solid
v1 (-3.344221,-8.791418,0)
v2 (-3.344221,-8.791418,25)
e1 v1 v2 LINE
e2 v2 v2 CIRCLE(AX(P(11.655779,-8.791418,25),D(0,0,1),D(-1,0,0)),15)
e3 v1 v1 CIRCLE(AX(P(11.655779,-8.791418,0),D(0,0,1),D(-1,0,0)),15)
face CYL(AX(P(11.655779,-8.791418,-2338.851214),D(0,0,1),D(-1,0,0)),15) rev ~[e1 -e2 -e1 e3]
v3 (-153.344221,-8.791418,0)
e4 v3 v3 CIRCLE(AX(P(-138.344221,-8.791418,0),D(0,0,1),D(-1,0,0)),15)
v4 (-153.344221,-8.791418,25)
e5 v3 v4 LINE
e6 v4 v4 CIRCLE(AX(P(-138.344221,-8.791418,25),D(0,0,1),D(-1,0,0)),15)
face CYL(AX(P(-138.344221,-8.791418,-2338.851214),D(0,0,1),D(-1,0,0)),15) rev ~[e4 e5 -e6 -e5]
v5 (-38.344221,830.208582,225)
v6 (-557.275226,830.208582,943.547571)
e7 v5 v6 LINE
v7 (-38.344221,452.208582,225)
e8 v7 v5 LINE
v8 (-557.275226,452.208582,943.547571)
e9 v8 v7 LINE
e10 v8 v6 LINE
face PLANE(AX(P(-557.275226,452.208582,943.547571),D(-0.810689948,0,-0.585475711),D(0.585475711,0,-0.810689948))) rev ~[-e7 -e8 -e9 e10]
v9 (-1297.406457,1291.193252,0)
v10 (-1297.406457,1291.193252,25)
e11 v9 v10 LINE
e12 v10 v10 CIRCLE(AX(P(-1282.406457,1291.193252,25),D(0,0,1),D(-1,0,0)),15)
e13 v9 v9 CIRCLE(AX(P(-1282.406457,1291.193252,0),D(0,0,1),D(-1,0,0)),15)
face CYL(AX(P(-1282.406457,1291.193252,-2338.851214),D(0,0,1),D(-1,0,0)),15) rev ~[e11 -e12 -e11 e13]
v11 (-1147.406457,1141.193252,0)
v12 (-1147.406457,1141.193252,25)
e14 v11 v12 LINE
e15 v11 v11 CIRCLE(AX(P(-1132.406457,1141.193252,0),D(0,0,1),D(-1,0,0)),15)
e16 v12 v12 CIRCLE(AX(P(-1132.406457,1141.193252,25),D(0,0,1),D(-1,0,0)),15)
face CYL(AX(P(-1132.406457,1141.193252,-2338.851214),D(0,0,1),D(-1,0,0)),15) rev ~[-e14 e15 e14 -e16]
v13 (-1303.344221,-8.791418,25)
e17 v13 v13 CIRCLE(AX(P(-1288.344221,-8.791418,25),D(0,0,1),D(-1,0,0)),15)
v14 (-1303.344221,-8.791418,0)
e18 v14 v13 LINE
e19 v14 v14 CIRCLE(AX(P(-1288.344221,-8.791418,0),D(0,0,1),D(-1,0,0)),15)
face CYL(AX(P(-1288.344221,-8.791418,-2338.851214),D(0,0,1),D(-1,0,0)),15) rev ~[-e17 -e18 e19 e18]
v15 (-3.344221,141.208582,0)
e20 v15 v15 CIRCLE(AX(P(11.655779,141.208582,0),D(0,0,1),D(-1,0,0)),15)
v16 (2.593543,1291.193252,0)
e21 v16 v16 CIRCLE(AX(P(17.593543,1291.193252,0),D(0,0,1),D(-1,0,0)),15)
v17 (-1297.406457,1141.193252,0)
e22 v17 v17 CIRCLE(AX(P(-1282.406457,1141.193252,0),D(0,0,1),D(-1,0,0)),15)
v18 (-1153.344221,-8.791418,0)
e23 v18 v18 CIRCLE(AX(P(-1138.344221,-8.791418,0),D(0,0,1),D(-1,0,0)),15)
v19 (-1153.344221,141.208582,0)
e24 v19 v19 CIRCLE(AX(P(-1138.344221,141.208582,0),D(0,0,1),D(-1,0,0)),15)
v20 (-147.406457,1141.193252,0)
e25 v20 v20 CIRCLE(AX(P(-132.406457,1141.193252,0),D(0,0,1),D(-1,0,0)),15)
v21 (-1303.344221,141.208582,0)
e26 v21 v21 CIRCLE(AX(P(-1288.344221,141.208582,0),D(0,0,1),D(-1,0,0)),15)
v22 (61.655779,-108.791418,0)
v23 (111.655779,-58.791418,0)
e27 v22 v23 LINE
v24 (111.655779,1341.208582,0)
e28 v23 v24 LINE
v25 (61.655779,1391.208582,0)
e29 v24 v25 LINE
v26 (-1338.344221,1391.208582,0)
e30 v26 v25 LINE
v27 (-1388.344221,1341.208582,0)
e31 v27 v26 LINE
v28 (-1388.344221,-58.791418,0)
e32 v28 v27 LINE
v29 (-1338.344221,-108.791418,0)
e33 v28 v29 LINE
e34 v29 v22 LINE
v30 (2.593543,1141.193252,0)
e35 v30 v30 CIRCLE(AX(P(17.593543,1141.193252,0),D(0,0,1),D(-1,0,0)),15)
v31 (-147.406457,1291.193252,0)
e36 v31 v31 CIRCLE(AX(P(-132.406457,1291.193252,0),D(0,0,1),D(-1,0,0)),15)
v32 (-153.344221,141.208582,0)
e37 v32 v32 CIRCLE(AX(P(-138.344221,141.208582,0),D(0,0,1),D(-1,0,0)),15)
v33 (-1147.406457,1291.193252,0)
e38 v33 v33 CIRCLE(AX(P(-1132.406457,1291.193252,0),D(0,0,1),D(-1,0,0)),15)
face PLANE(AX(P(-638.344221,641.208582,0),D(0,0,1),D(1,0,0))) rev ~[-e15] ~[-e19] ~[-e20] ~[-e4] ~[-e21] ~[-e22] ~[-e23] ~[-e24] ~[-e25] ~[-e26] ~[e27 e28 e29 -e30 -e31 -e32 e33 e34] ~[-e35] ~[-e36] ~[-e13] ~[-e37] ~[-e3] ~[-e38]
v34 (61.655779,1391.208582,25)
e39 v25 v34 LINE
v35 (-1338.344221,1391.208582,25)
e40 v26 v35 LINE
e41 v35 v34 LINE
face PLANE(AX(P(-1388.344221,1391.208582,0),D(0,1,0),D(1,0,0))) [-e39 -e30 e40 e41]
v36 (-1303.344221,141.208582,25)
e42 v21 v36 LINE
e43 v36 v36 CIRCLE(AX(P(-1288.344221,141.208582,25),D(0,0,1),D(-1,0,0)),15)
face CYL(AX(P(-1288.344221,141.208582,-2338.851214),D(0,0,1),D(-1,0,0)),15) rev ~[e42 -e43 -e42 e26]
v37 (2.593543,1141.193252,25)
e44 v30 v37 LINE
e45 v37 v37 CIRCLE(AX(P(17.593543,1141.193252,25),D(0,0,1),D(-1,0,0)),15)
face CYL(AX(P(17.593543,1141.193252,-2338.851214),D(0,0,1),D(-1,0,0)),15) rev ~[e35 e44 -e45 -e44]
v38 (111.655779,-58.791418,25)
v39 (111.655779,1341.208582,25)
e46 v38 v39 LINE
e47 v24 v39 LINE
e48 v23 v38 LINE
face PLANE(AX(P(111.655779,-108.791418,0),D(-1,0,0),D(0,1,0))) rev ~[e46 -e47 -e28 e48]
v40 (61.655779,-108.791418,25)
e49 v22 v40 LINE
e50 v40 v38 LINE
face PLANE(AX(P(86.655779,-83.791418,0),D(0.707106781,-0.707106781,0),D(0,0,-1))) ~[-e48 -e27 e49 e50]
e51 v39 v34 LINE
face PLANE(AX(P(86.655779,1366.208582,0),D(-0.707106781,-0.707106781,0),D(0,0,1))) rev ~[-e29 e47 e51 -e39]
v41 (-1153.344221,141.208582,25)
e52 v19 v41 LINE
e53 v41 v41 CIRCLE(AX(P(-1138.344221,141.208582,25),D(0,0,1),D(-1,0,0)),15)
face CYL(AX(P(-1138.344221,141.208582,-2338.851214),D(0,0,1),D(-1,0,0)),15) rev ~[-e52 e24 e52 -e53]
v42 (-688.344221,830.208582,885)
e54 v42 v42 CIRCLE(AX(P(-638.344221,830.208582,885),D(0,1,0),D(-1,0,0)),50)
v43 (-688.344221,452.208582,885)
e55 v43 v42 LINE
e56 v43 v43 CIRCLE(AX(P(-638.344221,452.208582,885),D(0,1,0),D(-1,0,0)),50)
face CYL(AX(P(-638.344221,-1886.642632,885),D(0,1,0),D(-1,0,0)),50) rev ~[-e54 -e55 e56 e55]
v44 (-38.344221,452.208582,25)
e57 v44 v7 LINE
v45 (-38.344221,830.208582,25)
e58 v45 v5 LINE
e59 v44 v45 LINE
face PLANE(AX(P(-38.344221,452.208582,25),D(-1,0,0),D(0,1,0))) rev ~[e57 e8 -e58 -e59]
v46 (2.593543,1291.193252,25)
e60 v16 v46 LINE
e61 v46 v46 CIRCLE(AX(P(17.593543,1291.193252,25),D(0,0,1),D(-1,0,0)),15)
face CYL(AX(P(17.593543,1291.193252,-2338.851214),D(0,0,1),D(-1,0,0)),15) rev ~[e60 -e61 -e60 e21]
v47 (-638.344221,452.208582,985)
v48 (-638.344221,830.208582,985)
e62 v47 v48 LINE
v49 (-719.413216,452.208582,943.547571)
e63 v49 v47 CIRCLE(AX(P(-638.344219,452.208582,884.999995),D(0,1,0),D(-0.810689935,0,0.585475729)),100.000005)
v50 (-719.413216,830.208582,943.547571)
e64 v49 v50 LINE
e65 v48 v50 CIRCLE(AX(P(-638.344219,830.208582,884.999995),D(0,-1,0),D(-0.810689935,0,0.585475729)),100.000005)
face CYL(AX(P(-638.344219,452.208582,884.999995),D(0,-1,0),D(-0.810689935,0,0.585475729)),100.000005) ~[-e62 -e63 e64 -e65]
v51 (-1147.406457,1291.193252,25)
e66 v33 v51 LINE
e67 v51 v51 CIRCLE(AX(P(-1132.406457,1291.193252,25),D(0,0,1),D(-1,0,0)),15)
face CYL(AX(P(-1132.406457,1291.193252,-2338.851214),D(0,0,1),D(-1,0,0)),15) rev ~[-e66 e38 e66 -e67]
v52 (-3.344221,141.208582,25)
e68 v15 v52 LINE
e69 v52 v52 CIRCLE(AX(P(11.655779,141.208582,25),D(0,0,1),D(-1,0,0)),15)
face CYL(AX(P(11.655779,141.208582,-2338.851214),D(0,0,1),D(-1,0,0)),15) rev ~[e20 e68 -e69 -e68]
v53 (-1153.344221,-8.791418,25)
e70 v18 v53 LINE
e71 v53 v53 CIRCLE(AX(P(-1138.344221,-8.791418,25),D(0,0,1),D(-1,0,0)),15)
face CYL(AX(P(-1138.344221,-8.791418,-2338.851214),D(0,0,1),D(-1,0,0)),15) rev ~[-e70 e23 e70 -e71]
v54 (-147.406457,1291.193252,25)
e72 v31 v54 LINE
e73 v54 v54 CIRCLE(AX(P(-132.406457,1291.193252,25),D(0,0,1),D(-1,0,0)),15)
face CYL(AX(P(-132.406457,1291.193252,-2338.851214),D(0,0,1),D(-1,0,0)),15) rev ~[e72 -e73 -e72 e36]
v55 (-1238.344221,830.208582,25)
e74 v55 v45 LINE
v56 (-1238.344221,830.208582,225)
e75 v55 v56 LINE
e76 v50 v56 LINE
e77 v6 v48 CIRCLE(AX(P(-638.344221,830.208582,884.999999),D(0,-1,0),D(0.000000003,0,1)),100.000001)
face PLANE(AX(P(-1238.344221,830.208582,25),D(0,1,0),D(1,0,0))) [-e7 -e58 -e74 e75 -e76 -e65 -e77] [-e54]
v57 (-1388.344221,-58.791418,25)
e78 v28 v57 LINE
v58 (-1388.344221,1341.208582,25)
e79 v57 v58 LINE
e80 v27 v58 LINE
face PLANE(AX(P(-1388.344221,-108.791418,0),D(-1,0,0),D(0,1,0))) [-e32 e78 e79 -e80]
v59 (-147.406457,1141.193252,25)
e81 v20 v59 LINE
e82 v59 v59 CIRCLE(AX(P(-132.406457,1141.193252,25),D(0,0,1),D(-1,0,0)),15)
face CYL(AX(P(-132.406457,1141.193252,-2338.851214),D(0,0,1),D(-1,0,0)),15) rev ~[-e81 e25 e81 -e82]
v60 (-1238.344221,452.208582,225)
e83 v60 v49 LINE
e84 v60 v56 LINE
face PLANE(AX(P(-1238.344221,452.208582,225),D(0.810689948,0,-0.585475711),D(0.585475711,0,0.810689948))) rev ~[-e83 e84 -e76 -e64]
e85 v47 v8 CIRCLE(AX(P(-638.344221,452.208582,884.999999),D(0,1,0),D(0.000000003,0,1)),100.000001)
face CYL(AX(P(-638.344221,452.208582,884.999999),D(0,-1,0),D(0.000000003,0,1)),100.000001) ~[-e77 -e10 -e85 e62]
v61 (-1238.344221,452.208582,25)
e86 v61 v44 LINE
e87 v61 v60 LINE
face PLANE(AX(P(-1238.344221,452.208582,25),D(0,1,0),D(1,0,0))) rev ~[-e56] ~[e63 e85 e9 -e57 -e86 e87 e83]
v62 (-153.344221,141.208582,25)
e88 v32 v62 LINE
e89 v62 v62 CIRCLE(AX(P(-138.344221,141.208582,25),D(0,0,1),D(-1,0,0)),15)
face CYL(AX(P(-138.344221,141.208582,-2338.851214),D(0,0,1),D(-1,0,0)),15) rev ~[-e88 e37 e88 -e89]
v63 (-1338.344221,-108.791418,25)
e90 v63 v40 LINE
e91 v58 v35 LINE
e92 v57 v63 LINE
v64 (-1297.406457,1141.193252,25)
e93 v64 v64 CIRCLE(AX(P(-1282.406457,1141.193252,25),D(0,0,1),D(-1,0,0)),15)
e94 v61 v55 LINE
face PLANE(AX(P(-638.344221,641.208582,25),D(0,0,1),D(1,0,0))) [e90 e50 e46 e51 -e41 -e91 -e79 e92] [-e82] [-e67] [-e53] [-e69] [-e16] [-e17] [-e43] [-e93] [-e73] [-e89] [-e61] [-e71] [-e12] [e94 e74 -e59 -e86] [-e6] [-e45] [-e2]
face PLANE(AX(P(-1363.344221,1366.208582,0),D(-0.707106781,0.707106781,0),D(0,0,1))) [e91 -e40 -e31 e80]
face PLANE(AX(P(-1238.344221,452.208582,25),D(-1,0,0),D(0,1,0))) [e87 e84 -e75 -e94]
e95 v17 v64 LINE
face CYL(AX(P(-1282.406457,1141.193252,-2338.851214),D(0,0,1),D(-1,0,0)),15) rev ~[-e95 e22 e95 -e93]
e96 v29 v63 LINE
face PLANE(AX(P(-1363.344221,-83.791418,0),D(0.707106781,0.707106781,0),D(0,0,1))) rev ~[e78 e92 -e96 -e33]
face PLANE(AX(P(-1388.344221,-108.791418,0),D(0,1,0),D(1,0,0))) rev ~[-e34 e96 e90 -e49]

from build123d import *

# Parameters (mm, degrees)
F0_W     = 1500
F0_H     = 1500
F1_DEPTH = 25
F2_SIZE  = 50
F3_W     = 1200
F3_H     = 378
F4_DEPTH = 960
F6_D     = 100
F8_DEPTH = 532.28619
F10_D    = 30


with BuildPart() as f1:
    # F0 (on Top) → F1 (new body)
    with BuildSketch(Plane.XY):
        with Locations((-638.344221, 641.208582)):
            Rectangle(F0_W, F0_H)
    extrude(amount=F1_DEPTH)

    # F2
    f2_edges = [f1.edges().sort_by_distance(p)[0] for p in [
        (-1388.344221, -108.791418, 12.5),
        (111.655779, -108.791418, 12.5),
        (111.655779, 1391.208582, 12.5),
        (-1388.344221, 1391.208582, 12.5),
    ]]
    chamfer(f2_edges, length=F2_SIZE)

    # F3 (on face) → F4 (join)
    with BuildSketch(Plane.XY.offset(25)):
        with Locations((-638.344221, 641.208582)):
            Rectangle(F3_W, F3_H)
    extrude(amount=F4_DEPTH)

    # F6 (through all)
    with Locations(Plane.XZ.offset(-452.208582)):
        with Locations((-638.344221, 885)):
            Hole(F6_D / 2)

    # F7 (on face) → F8 (cut)
    with BuildSketch(Plane.XZ.offset(-452.208582)):
        with BuildLine():
            Line((-1238.344221, 985), (-1238.344221, 225))
            Line((-1238.344221, 225), (-719.413216, 943.547571))
            ThreePointArc((-719.413216, 943.547571), (-683.870273, 974.035827), (-638.344221, 985))
            Line((-638.344221, 985), (-1238.344221, 985))
        make_face()
        with BuildLine():
            Line((-38.344221, 985), (-638.344221, 985))
            ThreePointArc((-638.344221, 985), (-592.818168, 974.035827), (-557.275226, 943.547571))
            Line((-557.275226, 943.547571), (-38.344221, 225))
            Line((-38.344221, 225), (-38.344221, 985))
        make_face()
    extrude(amount=-F8_DEPTH, mode=Mode.SUBTRACT)

    # F10 (through all)
    with Locations(Plane(origin=(0, 0, 0), x_dir=(1, 0, 0), z_dir=(0, 0, -1))):
        with Locations((-1282.406457, -1291.193252), (-1132.406457, -1291.193252), (-1132.406457, -1141.193252), (-1282.406457, -1141.193252), (-1288.344221, -141.208582), (-1138.344221, -141.208582), (-1138.344221, 8.791418), (-1288.344221, 8.791418), (-138.344221, 8.791418), (11.655779, 8.791418), (11.655779, -141.208582), (-138.344221, -141.208582), (-132.406457, -1141.193252), (17.593543, -1141.193252), (17.593543, -1291.193252), (-132.406457, -1291.193252)):
            Hole(F10_D / 2)


solid = f1.part
